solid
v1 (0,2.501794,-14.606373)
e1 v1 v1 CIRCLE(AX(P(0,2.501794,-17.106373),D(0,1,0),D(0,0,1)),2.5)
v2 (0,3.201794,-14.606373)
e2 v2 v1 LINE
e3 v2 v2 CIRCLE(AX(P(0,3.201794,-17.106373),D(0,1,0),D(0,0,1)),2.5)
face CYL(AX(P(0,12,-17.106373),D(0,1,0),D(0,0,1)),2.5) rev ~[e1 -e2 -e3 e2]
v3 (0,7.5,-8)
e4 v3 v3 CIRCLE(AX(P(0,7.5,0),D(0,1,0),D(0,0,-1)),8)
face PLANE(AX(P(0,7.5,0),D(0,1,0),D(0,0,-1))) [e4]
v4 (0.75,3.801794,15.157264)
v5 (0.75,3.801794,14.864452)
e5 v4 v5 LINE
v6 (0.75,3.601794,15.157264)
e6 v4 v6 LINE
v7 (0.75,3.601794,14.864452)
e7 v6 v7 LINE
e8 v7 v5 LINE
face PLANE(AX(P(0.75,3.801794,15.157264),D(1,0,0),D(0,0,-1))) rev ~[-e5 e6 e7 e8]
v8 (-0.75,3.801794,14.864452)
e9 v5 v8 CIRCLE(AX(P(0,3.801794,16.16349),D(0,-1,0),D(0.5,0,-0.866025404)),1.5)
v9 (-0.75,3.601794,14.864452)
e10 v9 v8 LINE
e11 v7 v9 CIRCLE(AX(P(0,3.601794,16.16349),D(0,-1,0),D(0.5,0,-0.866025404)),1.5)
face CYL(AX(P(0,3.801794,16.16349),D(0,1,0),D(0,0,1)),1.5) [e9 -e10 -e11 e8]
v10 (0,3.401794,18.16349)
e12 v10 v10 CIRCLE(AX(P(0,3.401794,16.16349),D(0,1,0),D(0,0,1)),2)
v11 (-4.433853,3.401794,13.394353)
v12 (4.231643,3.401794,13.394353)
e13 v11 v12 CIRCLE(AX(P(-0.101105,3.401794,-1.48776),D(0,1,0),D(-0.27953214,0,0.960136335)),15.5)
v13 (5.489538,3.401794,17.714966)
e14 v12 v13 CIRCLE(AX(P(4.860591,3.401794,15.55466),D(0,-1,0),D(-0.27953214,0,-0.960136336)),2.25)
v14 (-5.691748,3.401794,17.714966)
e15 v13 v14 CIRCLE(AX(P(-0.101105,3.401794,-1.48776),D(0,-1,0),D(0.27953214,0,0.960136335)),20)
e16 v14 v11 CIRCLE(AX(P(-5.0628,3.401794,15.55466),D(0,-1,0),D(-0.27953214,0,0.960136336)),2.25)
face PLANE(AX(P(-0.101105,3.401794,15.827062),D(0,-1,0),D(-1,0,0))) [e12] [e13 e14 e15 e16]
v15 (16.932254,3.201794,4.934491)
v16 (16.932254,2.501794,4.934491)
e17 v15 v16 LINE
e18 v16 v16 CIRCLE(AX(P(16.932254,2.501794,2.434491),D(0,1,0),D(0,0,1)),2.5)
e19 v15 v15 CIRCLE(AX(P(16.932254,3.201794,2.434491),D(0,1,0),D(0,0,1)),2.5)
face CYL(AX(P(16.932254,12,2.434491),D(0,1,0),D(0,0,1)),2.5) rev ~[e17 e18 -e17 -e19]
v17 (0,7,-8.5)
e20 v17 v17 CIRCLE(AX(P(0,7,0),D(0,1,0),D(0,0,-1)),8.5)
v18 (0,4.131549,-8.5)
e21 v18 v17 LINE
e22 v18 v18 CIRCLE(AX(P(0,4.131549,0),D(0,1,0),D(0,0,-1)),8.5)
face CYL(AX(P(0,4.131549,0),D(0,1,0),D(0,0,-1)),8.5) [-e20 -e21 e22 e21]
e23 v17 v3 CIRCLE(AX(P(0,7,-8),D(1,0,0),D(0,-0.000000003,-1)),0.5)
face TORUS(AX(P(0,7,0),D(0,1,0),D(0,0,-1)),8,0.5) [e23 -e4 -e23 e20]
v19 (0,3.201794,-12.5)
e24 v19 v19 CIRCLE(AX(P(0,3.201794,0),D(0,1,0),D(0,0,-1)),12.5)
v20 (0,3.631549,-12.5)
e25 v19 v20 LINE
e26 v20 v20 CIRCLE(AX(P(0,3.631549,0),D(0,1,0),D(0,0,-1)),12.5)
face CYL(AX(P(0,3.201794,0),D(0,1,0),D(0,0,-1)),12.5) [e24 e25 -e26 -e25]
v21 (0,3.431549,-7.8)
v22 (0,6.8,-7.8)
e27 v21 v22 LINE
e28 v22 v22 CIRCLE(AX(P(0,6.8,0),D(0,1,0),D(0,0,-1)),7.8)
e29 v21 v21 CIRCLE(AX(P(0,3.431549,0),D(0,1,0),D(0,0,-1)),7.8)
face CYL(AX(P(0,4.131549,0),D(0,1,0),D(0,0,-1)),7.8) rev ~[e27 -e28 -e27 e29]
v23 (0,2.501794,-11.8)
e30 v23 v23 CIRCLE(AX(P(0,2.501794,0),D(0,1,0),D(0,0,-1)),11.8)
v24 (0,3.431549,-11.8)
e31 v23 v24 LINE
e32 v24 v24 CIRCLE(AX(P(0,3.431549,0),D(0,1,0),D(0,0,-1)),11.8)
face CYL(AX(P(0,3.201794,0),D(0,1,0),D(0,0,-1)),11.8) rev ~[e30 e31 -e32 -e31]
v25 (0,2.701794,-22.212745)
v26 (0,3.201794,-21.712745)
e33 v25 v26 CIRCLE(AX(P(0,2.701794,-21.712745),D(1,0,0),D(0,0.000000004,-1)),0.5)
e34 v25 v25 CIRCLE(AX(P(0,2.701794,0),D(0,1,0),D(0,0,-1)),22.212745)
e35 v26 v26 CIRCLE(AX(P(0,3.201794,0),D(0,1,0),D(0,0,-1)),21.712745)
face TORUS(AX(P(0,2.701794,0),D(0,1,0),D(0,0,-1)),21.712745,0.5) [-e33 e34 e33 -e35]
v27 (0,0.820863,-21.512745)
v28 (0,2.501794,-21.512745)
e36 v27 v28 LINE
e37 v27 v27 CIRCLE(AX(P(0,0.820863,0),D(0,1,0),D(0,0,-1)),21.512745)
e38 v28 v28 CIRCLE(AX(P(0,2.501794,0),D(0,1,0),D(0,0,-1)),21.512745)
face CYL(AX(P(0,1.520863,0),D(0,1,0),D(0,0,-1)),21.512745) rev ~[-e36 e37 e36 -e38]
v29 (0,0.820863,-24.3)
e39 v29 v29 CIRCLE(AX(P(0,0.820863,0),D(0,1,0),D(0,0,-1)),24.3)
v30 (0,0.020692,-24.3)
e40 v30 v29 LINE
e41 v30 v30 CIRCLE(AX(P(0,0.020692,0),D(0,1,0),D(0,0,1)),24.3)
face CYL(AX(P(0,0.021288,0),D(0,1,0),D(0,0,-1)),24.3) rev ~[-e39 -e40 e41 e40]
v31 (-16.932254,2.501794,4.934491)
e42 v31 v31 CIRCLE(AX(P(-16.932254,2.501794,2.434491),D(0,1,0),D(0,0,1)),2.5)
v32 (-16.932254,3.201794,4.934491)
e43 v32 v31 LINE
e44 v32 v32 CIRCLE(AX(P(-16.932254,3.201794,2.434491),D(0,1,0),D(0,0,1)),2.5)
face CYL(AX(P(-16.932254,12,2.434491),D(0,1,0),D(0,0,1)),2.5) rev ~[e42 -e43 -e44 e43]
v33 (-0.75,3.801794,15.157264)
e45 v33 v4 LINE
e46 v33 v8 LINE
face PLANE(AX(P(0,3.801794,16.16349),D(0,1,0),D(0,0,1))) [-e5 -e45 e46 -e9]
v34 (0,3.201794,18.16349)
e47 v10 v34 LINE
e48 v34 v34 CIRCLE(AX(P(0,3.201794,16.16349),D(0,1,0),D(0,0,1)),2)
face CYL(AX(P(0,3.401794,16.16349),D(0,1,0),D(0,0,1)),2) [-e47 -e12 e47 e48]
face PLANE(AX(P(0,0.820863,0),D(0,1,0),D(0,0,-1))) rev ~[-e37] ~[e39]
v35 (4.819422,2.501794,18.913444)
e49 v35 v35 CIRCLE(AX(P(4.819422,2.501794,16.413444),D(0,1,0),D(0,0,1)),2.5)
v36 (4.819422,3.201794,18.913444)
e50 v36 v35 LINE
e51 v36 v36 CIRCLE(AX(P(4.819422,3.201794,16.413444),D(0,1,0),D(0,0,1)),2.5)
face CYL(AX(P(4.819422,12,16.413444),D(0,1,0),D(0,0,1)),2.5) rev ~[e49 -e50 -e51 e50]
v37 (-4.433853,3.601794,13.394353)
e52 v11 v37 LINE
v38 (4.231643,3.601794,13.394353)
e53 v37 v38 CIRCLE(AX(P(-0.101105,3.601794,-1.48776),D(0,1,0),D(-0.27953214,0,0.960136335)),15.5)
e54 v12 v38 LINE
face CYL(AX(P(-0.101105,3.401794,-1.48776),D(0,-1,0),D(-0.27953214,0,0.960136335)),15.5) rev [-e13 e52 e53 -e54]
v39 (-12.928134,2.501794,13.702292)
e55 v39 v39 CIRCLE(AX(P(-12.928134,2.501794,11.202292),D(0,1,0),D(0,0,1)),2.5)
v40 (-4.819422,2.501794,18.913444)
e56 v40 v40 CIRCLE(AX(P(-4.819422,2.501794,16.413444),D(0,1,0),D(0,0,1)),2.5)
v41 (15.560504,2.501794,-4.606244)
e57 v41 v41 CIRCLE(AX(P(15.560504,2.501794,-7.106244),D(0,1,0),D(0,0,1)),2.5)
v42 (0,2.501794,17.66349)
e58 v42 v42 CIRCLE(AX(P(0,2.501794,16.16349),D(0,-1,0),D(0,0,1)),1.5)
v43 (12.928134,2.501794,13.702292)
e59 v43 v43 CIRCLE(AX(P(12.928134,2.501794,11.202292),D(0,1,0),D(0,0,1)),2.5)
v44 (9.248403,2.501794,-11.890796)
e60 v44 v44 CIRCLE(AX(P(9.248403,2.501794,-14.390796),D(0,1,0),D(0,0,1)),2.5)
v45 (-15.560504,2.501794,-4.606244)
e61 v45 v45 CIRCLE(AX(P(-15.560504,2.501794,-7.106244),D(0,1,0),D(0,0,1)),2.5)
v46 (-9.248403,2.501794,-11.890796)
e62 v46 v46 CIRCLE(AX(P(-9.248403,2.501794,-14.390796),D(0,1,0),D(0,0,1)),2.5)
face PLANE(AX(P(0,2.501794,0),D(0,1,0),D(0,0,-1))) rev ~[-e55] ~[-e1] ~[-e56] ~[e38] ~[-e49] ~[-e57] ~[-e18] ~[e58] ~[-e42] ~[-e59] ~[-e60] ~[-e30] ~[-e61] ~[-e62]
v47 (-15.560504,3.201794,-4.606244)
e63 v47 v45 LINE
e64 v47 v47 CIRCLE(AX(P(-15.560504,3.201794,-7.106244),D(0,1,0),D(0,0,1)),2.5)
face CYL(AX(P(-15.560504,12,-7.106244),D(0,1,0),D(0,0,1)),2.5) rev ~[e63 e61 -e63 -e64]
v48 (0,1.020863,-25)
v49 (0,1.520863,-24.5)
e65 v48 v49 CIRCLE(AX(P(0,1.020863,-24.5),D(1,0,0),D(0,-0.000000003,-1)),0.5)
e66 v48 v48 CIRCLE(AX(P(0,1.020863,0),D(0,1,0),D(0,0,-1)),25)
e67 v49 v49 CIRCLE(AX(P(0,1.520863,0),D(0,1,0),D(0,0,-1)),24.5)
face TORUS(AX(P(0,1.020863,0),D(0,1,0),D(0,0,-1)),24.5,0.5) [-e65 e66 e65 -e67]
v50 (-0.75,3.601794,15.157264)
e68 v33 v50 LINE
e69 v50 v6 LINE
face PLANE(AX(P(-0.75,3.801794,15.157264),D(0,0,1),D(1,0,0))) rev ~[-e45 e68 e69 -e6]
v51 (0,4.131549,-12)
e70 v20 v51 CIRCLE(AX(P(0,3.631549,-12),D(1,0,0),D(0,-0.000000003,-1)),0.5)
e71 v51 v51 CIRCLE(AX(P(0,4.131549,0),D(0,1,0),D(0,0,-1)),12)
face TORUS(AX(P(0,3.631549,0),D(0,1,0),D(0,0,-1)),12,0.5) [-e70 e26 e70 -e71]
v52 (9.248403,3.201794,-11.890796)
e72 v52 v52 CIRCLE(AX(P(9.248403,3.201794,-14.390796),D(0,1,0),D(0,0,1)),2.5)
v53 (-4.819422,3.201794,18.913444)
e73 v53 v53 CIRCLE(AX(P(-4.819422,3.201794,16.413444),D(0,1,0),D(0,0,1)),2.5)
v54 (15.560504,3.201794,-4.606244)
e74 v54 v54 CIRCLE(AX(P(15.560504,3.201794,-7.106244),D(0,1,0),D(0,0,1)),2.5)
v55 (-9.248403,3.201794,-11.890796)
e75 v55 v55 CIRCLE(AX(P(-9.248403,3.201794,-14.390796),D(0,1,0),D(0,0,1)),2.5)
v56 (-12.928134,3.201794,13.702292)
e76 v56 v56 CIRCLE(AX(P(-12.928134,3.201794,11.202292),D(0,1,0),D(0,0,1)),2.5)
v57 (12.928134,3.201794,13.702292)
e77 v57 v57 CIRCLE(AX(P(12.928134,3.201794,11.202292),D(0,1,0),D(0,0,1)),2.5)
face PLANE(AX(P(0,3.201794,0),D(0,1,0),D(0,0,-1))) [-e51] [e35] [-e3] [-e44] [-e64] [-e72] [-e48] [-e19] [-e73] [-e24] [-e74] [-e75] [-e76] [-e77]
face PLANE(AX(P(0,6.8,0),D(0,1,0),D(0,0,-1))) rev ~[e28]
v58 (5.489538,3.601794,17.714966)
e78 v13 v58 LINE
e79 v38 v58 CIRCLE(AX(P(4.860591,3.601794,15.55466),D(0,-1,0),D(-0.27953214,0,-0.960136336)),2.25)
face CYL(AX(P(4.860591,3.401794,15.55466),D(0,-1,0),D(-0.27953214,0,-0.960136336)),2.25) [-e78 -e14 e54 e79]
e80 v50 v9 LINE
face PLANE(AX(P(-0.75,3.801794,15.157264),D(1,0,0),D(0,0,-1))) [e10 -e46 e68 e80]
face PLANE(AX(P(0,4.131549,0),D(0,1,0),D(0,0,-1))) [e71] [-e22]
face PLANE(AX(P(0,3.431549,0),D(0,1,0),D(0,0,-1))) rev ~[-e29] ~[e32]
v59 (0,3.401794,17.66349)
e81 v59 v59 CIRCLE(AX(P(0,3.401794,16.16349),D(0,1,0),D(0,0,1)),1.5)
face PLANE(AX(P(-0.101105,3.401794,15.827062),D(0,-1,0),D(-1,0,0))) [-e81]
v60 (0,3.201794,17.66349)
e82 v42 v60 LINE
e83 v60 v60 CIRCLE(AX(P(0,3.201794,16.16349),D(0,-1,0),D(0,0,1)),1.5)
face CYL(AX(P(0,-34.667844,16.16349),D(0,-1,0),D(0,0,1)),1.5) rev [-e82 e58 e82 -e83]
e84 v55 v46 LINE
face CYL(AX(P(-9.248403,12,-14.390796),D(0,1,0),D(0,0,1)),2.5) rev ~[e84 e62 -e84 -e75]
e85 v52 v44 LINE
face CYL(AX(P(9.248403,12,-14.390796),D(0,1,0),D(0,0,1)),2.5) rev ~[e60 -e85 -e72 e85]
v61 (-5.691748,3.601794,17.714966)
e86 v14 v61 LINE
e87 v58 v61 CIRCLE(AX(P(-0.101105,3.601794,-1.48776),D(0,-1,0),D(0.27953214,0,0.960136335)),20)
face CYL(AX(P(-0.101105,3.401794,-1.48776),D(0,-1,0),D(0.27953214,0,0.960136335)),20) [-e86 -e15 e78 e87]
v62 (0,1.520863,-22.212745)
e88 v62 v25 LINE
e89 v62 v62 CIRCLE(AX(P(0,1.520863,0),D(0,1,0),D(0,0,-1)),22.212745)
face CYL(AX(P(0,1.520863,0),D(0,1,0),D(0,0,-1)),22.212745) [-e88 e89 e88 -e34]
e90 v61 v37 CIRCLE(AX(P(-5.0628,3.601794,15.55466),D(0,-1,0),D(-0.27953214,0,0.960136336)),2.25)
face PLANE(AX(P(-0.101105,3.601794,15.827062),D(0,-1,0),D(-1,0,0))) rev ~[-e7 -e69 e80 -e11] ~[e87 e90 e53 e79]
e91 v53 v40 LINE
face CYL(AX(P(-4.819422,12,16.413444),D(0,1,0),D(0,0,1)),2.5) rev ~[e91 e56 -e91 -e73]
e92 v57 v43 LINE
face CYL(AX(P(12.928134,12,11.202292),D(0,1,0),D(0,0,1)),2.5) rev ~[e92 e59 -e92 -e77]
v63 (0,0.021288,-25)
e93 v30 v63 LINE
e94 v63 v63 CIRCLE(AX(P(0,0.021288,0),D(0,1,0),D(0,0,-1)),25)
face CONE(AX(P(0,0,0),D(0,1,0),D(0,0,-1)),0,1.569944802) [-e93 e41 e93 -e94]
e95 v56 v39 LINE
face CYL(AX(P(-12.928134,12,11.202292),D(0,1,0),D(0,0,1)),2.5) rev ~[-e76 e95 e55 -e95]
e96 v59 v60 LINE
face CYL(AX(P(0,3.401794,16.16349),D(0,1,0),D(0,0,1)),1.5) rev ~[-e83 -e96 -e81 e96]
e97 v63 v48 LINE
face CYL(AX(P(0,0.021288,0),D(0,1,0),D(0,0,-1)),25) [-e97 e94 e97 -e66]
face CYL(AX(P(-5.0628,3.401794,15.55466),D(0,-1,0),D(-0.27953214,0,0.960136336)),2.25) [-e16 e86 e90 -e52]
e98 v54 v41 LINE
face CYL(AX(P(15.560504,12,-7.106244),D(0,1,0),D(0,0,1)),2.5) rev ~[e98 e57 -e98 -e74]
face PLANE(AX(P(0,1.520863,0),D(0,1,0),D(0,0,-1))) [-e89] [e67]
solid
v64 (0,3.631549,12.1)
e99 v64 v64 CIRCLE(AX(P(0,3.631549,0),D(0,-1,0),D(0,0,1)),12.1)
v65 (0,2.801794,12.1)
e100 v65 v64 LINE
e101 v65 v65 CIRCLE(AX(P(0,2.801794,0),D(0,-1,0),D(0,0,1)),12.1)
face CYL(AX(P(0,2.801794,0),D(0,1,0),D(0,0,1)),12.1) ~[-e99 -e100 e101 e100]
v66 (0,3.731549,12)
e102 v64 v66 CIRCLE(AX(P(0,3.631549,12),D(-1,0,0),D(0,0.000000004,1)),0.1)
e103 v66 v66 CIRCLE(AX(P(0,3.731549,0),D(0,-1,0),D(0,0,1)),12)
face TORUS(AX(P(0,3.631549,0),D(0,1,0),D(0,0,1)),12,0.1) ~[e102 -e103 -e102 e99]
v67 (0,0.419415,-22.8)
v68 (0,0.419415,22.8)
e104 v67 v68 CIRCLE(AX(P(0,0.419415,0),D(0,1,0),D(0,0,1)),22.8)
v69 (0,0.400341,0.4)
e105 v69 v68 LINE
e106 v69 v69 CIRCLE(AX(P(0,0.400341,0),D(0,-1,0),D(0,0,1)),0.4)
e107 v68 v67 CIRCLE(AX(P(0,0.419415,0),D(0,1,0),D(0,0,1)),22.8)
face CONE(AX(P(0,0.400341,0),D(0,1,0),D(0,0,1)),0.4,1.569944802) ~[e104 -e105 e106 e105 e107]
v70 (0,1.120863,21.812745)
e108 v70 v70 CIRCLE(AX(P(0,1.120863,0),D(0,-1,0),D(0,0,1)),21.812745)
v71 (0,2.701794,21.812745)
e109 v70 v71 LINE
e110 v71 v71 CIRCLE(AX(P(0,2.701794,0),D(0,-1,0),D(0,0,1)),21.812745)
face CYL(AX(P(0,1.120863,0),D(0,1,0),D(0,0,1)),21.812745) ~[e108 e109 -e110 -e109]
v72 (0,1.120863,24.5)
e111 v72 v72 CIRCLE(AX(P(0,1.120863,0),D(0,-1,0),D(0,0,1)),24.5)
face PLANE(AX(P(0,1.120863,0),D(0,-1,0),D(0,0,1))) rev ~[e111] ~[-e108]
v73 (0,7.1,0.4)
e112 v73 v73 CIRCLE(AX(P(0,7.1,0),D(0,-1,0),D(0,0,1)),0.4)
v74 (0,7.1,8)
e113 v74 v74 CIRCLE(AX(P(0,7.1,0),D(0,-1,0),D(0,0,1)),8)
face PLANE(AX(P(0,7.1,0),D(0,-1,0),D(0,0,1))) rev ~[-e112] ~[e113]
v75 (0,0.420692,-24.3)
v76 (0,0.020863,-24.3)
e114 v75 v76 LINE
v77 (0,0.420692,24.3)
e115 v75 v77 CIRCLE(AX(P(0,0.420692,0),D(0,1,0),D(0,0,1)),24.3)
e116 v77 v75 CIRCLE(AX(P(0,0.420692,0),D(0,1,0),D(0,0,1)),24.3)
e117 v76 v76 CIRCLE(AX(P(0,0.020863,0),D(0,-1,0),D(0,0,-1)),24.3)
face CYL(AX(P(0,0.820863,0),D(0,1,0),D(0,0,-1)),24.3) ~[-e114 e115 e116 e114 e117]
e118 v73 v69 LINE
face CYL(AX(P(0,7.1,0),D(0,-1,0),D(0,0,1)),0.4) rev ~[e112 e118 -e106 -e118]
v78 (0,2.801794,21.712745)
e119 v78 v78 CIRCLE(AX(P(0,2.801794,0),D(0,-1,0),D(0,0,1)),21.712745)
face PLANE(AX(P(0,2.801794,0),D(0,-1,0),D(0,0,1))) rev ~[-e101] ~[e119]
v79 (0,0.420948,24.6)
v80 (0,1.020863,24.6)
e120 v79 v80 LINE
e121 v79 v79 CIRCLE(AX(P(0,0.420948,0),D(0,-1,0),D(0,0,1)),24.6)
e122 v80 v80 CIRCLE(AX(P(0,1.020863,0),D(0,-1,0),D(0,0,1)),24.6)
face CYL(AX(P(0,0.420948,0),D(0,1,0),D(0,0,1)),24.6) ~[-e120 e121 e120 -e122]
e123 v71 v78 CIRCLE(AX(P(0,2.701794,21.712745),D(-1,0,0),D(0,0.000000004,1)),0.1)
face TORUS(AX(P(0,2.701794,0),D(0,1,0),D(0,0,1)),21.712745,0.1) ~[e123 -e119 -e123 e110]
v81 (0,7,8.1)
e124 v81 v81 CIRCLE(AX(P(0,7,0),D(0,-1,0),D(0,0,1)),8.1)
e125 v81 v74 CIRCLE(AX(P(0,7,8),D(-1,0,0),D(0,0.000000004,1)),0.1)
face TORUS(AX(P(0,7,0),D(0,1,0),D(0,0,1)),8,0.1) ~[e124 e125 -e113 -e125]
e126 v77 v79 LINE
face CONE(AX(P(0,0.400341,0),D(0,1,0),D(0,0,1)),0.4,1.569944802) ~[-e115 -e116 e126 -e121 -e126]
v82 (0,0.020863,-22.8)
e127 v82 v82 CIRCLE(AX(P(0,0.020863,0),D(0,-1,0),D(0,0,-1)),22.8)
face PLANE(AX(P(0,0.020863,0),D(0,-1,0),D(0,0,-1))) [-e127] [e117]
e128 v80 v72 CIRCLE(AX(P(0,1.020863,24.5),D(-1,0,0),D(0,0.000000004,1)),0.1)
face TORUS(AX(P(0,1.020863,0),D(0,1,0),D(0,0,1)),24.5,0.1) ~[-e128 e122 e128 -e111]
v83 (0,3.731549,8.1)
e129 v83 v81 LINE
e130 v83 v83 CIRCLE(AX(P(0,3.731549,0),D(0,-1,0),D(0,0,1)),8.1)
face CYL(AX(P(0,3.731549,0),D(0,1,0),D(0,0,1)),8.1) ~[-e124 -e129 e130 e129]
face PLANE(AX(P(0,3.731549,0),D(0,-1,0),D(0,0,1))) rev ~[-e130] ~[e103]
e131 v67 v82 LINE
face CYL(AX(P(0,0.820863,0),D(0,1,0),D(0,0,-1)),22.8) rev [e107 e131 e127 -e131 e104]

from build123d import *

# Parameters (mm, degrees)
SHELL1_T                = -0.7
SKETCH2_R               = 2.5
CUT_EXTRUDE1_DEPTH      = 38.329664129
SKETCH4_R               = 24.3
SKETCH4_R_2             = 22.8
BOSS_EXTRUDE1_DEPTH     = 0.8
CUT_EXTRUDE2_DEPTH      = 37.869638499
CUT_EXTRUDE2_DEPTH_BACK = 37.869638499
SKETCH8_R               = 1.5
BOSS_EXTRUDE3_START     = 0.2
SKETCH9_R               = 2
SKETCH9_R_2             = 1.5
BOSS_EXTRUDE3_DEPTH     = 0.2
BOSS_EXTRUDE4_DEPTH     = 0.2
BOSS_EXTRUDE5_START     = 0.2
SKETCH11_R              = 1.5
BOSS_EXTRUDE5_DEPTH     = 0.2
SKETCH12_W              = 1.5
SKETCH12_H              = 1.5
CUT_EXTRUDE3_DEPTH      = 0.2


with BuildPart() as part:
    # Sketch1 → Revolve1 (revolve)
    with BuildSketch(Plane.XY):
        with BuildLine():
            Line((25, 0.021288118), (25, 1.020862899))
            ThreePointArc((25, 1.020862899), (24.853553391, 1.37441629), (24.5, 1.520862899))
            Line((24.5, 1.520862899), (22.212745272, 1.520862899))
            Line((22.212745272, 1.520862899), (22.212745272, 2.701794053))
            ThreePointArc((22.212745272, 2.701794053), (22.066298662, 3.055347443), (21.712745272, 3.201794053))
            Line((21.712745272, 3.201794053), (12.5, 3.201794053))
            Line((12.5, 3.201794053), (12.5, 3.631549238))
            ThreePointArc((12.5, 3.631549238), (12.353553391, 3.985102629), (12, 4.131549238))
            Line((12, 4.131549238), (8.5, 4.131549238))
            Line((8.5, 4.131549238), (8.5, 7))
            ThreePointArc((8.5, 7), (8.353553391, 7.353553391), (8, 7.5))
            Line((8, 7.5), (0, 7.5))
            Line((0, 7.5), (0, 0))
            Line((0, 0), (25, 0.021288118))
        make_face()
    revolve(axis=Axis((0, 0, 0), (0, 1, 0)))

    # Shell1
    shell1_openings = [part.faces().sort_by_distance(p)[0] for p in [
        (-12.5, 0.010644059, 0),
    ]]
    offset(amount=SHELL1_T, openings=shell1_openings, kind=Kind.INTERSECTION)

    # Sketch2 → Cut-Extrude1 (cut, through all)
    with BuildSketch(Plane(origin=(0, 12, 0), x_dir=(1, 0, 0), z_dir=(0, 1, 0))):
        with Locations((0, 17.106372636)):
            Circle(SKETCH2_R)
        with Locations((9.248403286, 14.390796414)):
            Circle(SKETCH2_R)
        with Locations((15.560503874, 7.106244011)):
            Circle(SKETCH2_R)
        with Locations((16.932254428, -2.434490655)):
            Circle(SKETCH2_R)
        with Locations((12.928133838, -11.202291739)):
            Circle(SKETCH2_R)
        with Locations((4.819422101, -16.413444348)):
            Circle(SKETCH2_R)
        with Locations((-4.819422101, -16.413444348)):
            Circle(SKETCH2_R)
        with Locations((-12.928133838, -11.202291739)):
            Circle(SKETCH2_R)
        with Locations((-16.932254428, -2.434490655)):
            Circle(SKETCH2_R)
        with Locations((-15.560503874, 7.106244011)):
            Circle(SKETCH2_R)
        with Locations((-9.248403286, 14.390796414)):
            Circle(SKETCH2_R)
    extrude(amount=-CUT_EXTRUDE1_DEPTH, mode=Mode.SUBTRACT)

    # Sketch8 → Cut-Extrude2 (cut, two sides: drawn at the far end of the back side and taken through both)
    with BuildSketch(Plane(origin=(0, 3.201794053, 1.756226728), x_dir=(1, 0, 0), z_dir=(0, 1, 0)).offset(-CUT_EXTRUDE2_DEPTH_BACK)):
        with Locations((0, -14.40726356)):
            Circle(SKETCH8_R)
    extrude(amount=CUT_EXTRUDE2_DEPTH + CUT_EXTRUDE2_DEPTH_BACK, mode=Mode.SUBTRACT)

    # Sketch9 → Boss-Extrude3 (add)
    with BuildSketch(Plane(origin=(0, 3.201794053, 1.756226728), x_dir=(1, 0, 0), z_dir=(0, 1, 0)).offset(BOSS_EXTRUDE3_START)):
        with Locations((0, -14.40726356)):
            Circle(SKETCH9_R)
        with Locations((0, -14.40726356)):
            Circle(SKETCH9_R_2, mode=Mode.SUBTRACT)
    extrude(amount=-BOSS_EXTRUDE3_DEPTH)

    # Sketch10 → Boss-Extrude4 (add)
    with BuildSketch(Plane(origin=(0, 3.401794053, 0), x_dir=(1, 0, 0), z_dir=(0, 1, 0))):
        with BuildLine():
            ThreePointArc((-4.43385306, -13.39435296), (-0.101104891, -14.01223976), (4.231643279, -13.39435296))
            ThreePointArc((4.231643279, -13.39435296), (7.020897348, -14.9257124), (5.489537908, -17.714966469))
            ThreePointArc((5.489537908, -17.714966469), (-0.101104891, -18.51223976), (-5.691747689, -17.714966469))
            ThreePointArc((-5.691747689, -17.714966469), (-7.223107129, -14.9257124), (-4.43385306, -13.39435296))
        make_face()
    extrude(amount=BOSS_EXTRUDE4_DEPTH)

    # Sketch11 → Boss-Extrude5 (add)
    with BuildSketch(Plane(origin=(0, 3.601794053, 0), x_dir=(1, 0, 0), z_dir=(0, 1, 0)).offset(BOSS_EXTRUDE5_START)):
        with Locations((0, -16.163490288)):
            Circle(SKETCH11_R)
    extrude(amount=-BOSS_EXTRUDE5_DEPTH)

    # Sketch12 → Cut-Extrude3 (cut)
    with BuildSketch(Plane(origin=(0, 3.801794053, 0), x_dir=(1, 0, 0), z_dir=(0, 1, 0))):
        with Locations((0, -14.40726356)):
            Rectangle(SKETCH12_W, SKETCH12_H)
    extrude(amount=-CUT_EXTRUDE3_DEPTH, mode=Mode.SUBTRACT)


with BuildPart() as body_2:
    # Sketch4 → Boss-Extrude1 (new body)
    with BuildSketch(Plane.XZ.offset(-0.820862899)):
        Circle(SKETCH4_R)
        Circle(SKETCH4_R_2, mode=Mode.SUBTRACT)
    extrude(amount=BOSS_EXTRUDE1_DEPTH)

    # Sketch18 → Revolve2 (revolve)
    with BuildSketch(Plane.XY):
        with BuildLine():
            Line((8.1, 3.731549238), (8.1, 7))
            ThreePointArc((8.1, 7), (8.070710678, 7.070710678), (8, 7.1))
            Line((8, 7.1), (0.4, 7.1))
            Line((0.4, 7.1), (0.4, 0.400340755))
            Line((0.4, 0.400340755), (24.6, 0.420947653))
            Line((24.6, 0.420947653), (24.6, 1.020862899))
            ThreePointArc((24.6, 1.020862899), (24.570710678, 1.091573577), (24.5, 1.120862899))
            Line((24.5, 1.120862899), (21.812745272, 1.120862899))
            Line((21.812745272, 1.120862899), (21.812745272, 2.701794053))
            ThreePointArc((21.812745272, 2.701794053), (21.78345595, 2.772504731), (21.712745272, 2.801794053))
            Line((21.712745272, 2.801794053), (12.1, 2.801794053))
            Line((12.1, 2.801794053), (12.1, 3.631549238))
            ThreePointArc((12.1, 3.631549238), (12.070710678, 3.702259916), (12, 3.731549238))
            Line((12, 3.731549238), (8.1, 3.731549238))
        make_face()
    revolve(axis=Axis((0, 0, 0), (0, -1, 0)))


solid = Compound([part.part, body_2.part])
